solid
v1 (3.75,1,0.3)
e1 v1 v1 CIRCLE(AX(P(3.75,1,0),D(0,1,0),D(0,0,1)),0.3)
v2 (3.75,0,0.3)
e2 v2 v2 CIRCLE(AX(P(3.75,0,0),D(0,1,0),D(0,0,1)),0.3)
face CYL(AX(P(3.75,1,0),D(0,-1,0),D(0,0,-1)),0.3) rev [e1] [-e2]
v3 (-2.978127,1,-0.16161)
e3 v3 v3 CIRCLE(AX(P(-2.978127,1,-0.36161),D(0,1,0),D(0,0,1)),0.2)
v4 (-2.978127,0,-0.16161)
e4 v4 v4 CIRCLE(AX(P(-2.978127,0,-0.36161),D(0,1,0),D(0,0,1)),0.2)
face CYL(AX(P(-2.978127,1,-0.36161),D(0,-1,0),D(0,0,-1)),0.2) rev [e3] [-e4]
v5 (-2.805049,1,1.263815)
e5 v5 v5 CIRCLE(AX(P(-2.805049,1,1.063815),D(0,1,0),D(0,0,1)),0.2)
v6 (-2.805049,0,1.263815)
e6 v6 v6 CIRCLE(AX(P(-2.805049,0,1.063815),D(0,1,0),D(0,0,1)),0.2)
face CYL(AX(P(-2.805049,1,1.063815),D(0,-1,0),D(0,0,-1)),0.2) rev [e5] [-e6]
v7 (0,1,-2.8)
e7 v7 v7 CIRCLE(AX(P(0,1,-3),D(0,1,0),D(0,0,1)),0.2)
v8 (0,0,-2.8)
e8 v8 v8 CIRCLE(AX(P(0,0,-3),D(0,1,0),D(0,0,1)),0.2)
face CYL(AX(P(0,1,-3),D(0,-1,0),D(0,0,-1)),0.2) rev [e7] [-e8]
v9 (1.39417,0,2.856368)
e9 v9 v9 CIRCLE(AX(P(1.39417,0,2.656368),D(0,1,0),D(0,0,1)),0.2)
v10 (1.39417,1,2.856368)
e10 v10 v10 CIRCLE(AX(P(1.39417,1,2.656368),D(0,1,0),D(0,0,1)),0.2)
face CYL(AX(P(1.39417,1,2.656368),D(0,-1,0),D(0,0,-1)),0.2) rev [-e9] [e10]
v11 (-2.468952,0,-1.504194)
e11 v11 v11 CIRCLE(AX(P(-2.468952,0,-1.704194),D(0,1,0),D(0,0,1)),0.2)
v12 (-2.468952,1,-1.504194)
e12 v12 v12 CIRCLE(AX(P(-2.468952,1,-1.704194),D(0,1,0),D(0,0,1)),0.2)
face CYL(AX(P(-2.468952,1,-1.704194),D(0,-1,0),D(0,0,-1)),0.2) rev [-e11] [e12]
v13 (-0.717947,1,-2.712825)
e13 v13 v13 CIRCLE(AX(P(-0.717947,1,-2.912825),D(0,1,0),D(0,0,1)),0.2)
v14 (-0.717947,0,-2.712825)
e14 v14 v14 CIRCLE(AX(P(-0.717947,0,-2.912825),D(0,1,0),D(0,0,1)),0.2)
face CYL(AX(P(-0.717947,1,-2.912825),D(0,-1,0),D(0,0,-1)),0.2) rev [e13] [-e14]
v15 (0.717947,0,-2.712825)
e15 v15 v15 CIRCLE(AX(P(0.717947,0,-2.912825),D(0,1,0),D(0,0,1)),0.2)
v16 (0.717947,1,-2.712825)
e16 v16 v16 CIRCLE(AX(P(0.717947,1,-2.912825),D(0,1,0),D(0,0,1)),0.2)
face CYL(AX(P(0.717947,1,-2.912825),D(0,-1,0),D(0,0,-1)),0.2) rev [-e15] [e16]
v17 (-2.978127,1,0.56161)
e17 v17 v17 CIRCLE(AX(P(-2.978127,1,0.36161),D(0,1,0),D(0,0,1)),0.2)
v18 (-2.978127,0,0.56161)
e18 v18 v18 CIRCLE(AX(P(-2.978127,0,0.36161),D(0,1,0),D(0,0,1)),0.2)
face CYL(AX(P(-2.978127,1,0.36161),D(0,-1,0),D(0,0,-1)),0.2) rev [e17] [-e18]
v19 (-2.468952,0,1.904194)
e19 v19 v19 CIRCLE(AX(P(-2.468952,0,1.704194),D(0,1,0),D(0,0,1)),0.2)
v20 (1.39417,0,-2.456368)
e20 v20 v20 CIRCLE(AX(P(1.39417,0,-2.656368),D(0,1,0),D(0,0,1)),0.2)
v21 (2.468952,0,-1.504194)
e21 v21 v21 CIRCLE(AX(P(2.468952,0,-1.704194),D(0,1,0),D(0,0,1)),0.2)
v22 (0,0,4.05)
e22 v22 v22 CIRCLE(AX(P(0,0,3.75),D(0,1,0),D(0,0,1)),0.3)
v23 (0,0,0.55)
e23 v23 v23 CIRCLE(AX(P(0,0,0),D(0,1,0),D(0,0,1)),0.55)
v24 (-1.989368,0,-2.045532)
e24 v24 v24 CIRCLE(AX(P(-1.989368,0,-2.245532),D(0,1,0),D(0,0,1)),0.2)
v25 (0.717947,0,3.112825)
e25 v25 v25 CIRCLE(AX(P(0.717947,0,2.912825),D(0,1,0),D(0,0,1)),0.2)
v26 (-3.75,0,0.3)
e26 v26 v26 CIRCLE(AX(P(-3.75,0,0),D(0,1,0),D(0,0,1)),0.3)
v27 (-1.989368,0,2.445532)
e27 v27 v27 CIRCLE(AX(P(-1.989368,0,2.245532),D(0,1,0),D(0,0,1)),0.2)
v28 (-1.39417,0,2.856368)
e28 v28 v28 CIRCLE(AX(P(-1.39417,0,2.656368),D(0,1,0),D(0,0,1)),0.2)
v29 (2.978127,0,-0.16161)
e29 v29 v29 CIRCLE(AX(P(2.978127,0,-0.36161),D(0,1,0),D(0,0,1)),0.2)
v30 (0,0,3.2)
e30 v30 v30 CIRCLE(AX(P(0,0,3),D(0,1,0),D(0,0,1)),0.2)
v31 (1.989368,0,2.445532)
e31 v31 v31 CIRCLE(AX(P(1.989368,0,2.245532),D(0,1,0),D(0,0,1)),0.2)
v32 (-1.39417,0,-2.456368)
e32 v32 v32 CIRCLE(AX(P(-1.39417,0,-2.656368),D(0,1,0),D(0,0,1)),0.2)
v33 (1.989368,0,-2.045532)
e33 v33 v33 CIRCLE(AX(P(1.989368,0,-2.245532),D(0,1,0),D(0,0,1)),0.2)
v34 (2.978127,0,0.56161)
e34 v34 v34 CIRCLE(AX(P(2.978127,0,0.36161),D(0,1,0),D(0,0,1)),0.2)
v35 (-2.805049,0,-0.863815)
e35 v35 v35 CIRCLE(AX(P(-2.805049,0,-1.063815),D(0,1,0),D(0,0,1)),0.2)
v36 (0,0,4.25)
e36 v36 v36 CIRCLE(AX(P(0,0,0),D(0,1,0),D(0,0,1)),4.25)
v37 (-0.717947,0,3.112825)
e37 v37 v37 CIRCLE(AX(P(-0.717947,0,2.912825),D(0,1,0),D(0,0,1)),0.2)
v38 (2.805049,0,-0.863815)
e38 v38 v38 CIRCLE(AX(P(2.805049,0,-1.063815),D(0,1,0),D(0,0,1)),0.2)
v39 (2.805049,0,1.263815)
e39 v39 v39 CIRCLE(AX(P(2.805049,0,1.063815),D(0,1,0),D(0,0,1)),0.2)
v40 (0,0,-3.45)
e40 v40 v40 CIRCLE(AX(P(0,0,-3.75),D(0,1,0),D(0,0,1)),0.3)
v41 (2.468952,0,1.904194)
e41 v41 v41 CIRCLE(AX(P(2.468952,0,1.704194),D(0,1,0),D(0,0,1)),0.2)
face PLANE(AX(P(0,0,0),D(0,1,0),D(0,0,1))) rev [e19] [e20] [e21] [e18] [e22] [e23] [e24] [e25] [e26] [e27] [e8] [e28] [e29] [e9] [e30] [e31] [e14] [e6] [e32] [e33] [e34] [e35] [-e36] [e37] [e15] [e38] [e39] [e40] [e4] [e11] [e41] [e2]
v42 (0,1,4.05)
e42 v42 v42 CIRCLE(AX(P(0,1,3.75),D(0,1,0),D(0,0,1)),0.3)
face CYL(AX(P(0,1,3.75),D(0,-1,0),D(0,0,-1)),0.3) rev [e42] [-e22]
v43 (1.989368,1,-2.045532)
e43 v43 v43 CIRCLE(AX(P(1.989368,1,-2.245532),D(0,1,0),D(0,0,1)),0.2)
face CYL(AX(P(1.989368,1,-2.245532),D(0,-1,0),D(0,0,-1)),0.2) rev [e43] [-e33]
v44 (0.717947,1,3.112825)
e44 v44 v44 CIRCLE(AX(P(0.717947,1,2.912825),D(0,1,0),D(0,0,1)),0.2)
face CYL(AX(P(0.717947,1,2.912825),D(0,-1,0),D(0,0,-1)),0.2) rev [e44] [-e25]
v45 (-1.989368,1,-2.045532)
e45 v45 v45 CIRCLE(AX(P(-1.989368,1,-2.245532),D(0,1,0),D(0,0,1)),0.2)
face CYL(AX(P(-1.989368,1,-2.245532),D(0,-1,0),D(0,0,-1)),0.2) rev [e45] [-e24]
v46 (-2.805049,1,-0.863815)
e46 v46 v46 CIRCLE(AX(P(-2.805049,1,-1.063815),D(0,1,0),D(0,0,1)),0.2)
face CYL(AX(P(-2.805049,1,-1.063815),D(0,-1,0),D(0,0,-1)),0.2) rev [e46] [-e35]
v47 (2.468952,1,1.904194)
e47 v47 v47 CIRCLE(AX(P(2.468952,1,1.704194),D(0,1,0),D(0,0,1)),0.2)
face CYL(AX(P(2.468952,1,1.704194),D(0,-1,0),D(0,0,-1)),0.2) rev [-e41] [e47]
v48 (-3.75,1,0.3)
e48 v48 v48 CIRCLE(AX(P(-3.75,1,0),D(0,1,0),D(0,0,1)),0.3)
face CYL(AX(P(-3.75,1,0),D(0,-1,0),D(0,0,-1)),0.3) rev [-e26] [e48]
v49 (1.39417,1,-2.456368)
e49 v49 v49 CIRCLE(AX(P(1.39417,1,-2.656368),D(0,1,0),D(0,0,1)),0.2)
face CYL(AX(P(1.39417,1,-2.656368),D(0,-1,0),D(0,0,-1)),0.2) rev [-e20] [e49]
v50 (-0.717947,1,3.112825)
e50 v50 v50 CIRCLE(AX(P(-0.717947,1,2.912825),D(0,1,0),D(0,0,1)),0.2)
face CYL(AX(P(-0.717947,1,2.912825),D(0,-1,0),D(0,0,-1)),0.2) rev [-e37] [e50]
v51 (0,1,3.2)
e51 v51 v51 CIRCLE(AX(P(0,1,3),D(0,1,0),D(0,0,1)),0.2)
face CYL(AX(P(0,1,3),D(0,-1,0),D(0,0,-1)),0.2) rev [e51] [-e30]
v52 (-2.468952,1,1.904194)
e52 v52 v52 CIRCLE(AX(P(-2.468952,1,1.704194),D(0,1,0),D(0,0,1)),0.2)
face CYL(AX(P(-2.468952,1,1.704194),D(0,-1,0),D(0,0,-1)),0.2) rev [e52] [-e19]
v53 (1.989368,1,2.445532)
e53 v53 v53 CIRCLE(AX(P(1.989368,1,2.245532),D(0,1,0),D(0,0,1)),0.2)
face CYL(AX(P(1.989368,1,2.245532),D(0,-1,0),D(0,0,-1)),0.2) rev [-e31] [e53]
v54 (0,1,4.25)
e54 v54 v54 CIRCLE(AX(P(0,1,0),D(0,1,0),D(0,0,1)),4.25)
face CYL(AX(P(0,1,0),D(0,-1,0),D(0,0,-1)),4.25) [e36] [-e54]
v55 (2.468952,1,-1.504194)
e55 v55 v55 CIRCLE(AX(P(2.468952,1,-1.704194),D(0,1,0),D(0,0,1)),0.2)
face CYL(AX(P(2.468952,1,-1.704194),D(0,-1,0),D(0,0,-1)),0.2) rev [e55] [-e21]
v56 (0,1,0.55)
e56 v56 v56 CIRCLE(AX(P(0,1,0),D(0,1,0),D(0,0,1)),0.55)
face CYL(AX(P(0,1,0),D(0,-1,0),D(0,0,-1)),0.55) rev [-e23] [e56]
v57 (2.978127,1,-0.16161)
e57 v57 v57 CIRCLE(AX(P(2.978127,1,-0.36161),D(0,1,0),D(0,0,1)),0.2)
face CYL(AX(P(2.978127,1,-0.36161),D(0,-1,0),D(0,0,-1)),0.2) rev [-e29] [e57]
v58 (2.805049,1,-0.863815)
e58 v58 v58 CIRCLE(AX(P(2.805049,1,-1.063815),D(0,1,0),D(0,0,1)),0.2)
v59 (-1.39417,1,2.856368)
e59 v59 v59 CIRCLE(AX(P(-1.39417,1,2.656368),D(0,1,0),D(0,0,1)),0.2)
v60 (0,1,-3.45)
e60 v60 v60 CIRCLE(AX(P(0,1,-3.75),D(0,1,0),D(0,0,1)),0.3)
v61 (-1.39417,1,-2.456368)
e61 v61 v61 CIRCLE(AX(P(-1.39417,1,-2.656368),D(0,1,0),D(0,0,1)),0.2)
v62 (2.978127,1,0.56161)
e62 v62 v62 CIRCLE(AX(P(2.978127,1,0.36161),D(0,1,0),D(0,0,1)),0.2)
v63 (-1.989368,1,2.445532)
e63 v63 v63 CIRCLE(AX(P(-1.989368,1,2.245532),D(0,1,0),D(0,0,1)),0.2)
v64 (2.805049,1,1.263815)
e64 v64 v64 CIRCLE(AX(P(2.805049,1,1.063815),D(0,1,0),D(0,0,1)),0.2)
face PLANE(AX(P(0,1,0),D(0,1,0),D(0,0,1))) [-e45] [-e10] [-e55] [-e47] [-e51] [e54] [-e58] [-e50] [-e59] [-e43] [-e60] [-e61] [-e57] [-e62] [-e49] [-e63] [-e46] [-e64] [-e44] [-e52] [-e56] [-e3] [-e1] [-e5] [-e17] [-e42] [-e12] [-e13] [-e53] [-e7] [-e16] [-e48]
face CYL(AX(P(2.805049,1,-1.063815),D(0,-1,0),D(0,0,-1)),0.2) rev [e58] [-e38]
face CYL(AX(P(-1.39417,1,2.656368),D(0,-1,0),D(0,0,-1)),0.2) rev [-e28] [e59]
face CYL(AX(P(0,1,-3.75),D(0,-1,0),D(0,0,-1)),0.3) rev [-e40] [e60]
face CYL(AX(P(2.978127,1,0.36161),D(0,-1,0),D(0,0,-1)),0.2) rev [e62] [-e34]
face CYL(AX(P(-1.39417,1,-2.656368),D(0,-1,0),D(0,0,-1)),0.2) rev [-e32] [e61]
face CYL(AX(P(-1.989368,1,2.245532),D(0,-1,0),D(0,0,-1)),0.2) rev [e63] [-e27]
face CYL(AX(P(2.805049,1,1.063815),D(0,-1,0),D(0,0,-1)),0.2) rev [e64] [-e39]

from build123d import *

# Parameters (mm, degrees)
ESQUISSE1_R        = 4.25
ESQUISSE1_R_2      = 0.55
ESQUISSE1_R_3      = 0.2
ESQUISSE1_R_4      = 0.3
BOSS_EXTRU_2_DEPTH = 1


with BuildPart() as part:
    # Esquisse1 → Boss.-Extru.2 (new body)
    with BuildSketch(Plane(origin=(0, 0, 0), x_dir=(1, 0, 0), z_dir=(0, 1, 0))):
        Circle(ESQUISSE1_R)
        Circle(ESQUISSE1_R_2, mode=Mode.SUBTRACT)
        with Locations((0, 3)):
            Circle(ESQUISSE1_R_3, mode=Mode.SUBTRACT)
        with Locations((0, 3.75)):
            Circle(ESQUISSE1_R_4, mode=Mode.SUBTRACT)
        with Locations((0.717946993, 2.912825452)):
            Circle(ESQUISSE1_R_3, mode=Mode.SUBTRACT)
        with Locations((1.394169516, 2.656368077)):
            Circle(ESQUISSE1_R_3, mode=Mode.SUBTRACT)
        with Locations((1.989367975, 2.245532245)):
            Circle(ESQUISSE1_R_3, mode=Mode.SUBTRACT)
        with Locations((2.468951598, 1.70419424)):
            Circle(ESQUISSE1_R_3, mode=Mode.SUBTRACT)
        with Locations((2.805048728, 1.063814661)):
            Circle(ESQUISSE1_R_3, mode=Mode.SUBTRACT)
        with Locations((2.978126622, 0.361610041)):
            Circle(ESQUISSE1_R_3, mode=Mode.SUBTRACT)
        with Locations((2.978126622, -0.361610041)):
            Circle(ESQUISSE1_R_3, mode=Mode.SUBTRACT)
        with Locations((2.805048728, -1.063814661)):
            Circle(ESQUISSE1_R_3, mode=Mode.SUBTRACT)
        with Locations((2.468951598, -1.70419424)):
            Circle(ESQUISSE1_R_3, mode=Mode.SUBTRACT)
        with Locations((1.989367975, -2.245532245)):
            Circle(ESQUISSE1_R_3, mode=Mode.SUBTRACT)
        with Locations((1.394169516, -2.656368077)):
            Circle(ESQUISSE1_R_3, mode=Mode.SUBTRACT)
        with Locations((0.717946993, -2.912825452)):
            Circle(ESQUISSE1_R_3, mode=Mode.SUBTRACT)
        with Locations((0, -3)):
            Circle(ESQUISSE1_R_3, mode=Mode.SUBTRACT)
        with Locations((-0.717946993, -2.912825452)):
            Circle(ESQUISSE1_R_3, mode=Mode.SUBTRACT)
        with Locations((-1.394169516, -2.656368077)):
            Circle(ESQUISSE1_R_3, mode=Mode.SUBTRACT)
        with Locations((-1.989367975, -2.245532245)):
            Circle(ESQUISSE1_R_3, mode=Mode.SUBTRACT)
        with Locations((-2.468951598, -1.70419424)):
            Circle(ESQUISSE1_R_3, mode=Mode.SUBTRACT)
        with Locations((-2.805048728, -1.063814661)):
            Circle(ESQUISSE1_R_3, mode=Mode.SUBTRACT)
        with Locations((-2.978126622, -0.361610041)):
            Circle(ESQUISSE1_R_3, mode=Mode.SUBTRACT)
        with Locations((-2.978126622, 0.361610041)):
            Circle(ESQUISSE1_R_3, mode=Mode.SUBTRACT)
        with Locations((-2.805048728, 1.063814661)):
            Circle(ESQUISSE1_R_3, mode=Mode.SUBTRACT)
        with Locations((-2.468951598, 1.70419424)):
            Circle(ESQUISSE1_R_3, mode=Mode.SUBTRACT)
        with Locations((-1.989367975, 2.245532245)):
            Circle(ESQUISSE1_R_3, mode=Mode.SUBTRACT)
        with Locations((-1.394169516, 2.656368077)):
            Circle(ESQUISSE1_R_3, mode=Mode.SUBTRACT)
        with Locations((-0.717946993, 2.912825452)):
            Circle(ESQUISSE1_R_3, mode=Mode.SUBTRACT)
        with Locations((3.75, 0)):
            Circle(ESQUISSE1_R_4, mode=Mode.SUBTRACT)
        with Locations((0, -3.75)):
            Circle(ESQUISSE1_R_4, mode=Mode.SUBTRACT)
        with Locations((-3.75, 0)):
            Circle(ESQUISSE1_R_4, mode=Mode.SUBTRACT)
    extrude(amount=BOSS_EXTRU_2_DEPTH)


solid = part.part
